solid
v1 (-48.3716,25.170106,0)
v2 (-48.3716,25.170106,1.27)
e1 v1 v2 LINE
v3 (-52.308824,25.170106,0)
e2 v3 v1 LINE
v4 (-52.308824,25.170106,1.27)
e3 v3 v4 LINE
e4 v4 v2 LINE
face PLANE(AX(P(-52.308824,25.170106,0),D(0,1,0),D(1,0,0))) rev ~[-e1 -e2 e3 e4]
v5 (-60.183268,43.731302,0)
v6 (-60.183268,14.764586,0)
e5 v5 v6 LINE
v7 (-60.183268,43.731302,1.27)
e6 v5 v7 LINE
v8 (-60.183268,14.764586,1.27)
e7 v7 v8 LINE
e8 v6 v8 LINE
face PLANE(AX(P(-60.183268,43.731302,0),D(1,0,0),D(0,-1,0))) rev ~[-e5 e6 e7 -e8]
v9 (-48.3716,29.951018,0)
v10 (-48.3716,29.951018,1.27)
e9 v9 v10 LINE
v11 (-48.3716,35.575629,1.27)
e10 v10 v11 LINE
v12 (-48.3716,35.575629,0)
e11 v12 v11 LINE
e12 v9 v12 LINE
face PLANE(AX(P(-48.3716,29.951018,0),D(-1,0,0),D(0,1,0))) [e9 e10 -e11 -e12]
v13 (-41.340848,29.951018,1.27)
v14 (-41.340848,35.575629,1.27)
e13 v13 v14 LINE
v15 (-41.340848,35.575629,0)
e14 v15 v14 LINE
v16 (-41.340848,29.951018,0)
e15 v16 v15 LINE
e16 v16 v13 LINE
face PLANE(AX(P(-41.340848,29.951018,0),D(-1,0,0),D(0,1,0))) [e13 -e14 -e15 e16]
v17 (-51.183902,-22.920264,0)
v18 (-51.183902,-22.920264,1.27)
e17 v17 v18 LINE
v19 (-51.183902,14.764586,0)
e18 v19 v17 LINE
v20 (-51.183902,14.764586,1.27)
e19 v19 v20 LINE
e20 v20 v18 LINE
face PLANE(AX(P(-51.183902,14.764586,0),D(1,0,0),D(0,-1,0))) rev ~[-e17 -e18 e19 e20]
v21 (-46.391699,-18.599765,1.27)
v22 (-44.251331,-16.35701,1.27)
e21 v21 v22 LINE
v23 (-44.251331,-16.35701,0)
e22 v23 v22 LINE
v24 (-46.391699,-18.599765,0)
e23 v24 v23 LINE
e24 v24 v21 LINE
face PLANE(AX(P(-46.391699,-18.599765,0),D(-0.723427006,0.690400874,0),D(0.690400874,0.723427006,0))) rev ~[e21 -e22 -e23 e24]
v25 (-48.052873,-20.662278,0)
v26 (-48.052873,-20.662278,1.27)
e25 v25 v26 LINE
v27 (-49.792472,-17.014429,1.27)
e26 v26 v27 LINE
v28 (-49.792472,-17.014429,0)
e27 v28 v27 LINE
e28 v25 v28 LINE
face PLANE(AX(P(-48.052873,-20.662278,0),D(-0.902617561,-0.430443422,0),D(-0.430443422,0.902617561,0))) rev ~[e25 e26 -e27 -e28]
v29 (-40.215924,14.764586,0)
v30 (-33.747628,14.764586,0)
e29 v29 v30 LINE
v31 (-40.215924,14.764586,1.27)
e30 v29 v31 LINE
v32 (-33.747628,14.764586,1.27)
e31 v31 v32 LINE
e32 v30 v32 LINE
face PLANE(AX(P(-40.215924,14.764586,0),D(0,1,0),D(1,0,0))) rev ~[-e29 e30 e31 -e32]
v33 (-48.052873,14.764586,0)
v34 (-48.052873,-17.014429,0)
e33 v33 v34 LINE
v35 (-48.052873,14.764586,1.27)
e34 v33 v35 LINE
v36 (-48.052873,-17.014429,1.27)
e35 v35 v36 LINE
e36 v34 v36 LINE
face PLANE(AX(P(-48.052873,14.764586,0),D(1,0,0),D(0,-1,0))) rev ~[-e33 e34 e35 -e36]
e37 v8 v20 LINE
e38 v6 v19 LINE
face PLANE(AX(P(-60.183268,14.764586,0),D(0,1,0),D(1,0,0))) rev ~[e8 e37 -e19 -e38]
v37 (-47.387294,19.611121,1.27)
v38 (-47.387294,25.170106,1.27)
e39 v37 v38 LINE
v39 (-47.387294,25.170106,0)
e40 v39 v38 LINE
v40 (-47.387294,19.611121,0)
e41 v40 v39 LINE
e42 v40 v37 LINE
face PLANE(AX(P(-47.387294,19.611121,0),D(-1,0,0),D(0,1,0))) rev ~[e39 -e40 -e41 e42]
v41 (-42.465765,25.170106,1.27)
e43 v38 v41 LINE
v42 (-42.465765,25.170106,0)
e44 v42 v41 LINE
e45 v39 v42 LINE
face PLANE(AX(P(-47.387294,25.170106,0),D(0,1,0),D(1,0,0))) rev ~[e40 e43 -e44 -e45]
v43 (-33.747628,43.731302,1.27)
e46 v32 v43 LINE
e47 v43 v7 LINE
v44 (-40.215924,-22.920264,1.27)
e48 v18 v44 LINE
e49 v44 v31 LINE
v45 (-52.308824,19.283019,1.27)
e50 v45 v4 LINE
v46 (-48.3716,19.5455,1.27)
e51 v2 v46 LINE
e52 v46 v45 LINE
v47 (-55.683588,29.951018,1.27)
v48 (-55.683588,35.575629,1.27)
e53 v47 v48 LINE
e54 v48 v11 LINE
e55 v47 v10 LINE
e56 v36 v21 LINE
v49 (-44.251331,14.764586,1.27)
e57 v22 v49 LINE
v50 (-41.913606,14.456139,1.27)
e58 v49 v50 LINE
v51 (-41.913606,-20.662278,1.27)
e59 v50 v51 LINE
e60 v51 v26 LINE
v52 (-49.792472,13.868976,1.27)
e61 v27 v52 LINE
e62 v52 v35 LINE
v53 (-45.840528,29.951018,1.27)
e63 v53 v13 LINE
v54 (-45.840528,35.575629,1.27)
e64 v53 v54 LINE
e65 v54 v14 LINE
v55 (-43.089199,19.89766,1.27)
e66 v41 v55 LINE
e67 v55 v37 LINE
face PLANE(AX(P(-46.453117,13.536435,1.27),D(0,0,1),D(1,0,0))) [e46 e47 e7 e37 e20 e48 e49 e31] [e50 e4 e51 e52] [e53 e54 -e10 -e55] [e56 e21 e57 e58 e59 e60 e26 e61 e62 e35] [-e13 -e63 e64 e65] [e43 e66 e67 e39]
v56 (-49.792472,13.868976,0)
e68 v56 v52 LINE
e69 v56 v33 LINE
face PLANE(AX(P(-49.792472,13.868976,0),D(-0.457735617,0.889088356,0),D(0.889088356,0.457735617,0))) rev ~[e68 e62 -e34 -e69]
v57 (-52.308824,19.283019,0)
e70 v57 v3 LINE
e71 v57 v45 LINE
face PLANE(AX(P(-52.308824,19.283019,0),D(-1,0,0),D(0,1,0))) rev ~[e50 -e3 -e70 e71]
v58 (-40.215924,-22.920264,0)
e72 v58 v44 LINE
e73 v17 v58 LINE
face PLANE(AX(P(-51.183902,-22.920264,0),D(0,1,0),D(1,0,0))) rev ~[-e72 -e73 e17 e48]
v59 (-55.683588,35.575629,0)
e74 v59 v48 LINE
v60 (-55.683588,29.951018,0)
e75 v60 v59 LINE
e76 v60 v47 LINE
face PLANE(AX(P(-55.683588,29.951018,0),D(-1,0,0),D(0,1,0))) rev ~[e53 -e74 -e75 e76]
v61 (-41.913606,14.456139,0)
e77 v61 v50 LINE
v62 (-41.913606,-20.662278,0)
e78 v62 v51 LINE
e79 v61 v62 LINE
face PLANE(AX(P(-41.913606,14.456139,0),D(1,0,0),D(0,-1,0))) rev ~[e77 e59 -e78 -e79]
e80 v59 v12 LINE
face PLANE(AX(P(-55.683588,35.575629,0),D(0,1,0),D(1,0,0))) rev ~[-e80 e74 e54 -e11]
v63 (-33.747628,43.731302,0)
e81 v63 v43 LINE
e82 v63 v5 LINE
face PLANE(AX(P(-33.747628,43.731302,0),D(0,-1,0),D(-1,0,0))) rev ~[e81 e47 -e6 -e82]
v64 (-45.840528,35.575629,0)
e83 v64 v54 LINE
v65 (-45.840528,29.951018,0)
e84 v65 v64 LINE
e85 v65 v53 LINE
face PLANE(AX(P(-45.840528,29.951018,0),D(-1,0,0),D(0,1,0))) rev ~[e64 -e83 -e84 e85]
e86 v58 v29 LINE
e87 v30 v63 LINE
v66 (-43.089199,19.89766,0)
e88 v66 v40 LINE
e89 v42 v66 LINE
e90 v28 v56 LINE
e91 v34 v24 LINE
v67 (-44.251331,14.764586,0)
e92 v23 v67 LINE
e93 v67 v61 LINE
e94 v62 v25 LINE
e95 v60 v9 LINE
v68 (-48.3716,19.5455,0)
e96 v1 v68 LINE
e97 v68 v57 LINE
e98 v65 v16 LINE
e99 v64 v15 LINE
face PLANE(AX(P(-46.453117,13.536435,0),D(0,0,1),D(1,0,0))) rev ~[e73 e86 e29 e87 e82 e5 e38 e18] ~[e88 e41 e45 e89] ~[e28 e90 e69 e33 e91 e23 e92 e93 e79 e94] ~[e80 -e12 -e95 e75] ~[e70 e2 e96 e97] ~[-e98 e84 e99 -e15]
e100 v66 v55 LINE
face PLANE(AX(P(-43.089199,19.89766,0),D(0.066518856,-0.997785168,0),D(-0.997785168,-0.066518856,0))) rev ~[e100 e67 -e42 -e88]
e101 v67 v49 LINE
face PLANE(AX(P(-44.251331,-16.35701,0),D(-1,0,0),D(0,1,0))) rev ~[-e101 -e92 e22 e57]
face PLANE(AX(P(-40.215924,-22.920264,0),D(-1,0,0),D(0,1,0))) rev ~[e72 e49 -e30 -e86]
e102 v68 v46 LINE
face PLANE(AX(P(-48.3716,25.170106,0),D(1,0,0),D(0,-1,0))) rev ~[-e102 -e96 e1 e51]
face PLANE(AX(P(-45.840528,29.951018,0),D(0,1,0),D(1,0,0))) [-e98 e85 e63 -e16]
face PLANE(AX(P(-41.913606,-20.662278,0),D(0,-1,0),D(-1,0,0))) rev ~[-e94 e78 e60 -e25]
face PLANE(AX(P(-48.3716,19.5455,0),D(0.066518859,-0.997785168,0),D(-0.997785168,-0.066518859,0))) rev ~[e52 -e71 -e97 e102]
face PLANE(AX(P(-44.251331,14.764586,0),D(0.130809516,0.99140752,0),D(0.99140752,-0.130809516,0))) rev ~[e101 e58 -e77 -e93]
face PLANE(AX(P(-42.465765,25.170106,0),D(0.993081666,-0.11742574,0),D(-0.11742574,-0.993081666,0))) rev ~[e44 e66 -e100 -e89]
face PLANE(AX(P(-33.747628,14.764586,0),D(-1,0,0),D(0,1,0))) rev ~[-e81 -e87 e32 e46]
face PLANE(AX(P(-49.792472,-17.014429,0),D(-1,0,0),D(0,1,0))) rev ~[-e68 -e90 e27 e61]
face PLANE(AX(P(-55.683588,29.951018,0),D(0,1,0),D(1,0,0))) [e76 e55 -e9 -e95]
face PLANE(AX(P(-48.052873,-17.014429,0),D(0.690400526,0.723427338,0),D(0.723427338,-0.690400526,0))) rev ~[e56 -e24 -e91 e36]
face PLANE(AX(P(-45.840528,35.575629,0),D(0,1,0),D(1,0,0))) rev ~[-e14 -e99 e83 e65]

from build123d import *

# Parameters (mm, degrees)
F0_W     = 7.311989
F0_H     = 5.624611
F0_W_2   = 4.499681
F1_DEPTH = 1.27


with BuildPart() as f1:
    # F0 (on Top) → F1 (new body)
    with BuildSketch(Plane.XY):
        Polygon((-52.027594, 43.731302), (-60.183268, 43.731302), (-60.183268, 14.764586), (-51.183902, 14.764586), (-51.183902, -22.920264), (-40.215924, -22.920264), (-40.215924, 14.764586), (-33.747628, 14.764586), (-33.747628, 43.731302), (-44.715606, 43.731302), align=None)
        Polygon((-44.251331, 14.764586), (-41.913606, 14.456139), (-41.913606, 5.38962), (-41.913606, -2.644005), (-41.913606, -11.021928), (-41.913606, -17.228071), (-41.913606, -20.662278), (-45.699913, -20.662278), (-48.052873, -20.662278), (-49.792472, -17.014429), (-49.792472, -10.103798), (-49.792472, 1.661027), (-49.792472, 13.868976), (-48.052873, 14.764586), (-48.052873, -17.014429), (-46.391699, -18.599765), (-44.251331, -16.35701), align=None, mode=Mode.SUBTRACT)
        Polygon((-52.308824, 19.283019), (-52.308824, 25.170106), (-48.3716, 25.170106), (-48.3716, 19.5455), align=None, mode=Mode.SUBTRACT)
        with Locations((-52.027594, 32.763324)):
            Rectangle(F0_W, F0_H, mode=Mode.SUBTRACT)
        Polygon((-47.387294, 25.170106), (-42.465765, 25.170106), (-43.089199, 19.89766), (-47.387294, 19.611121), align=None, mode=Mode.SUBTRACT)
        with Locations((-43.590688, 32.763324)):
            Rectangle(F0_W_2, F0_H, mode=Mode.SUBTRACT)
    extrude(amount=F1_DEPTH)


solid = f1.part
